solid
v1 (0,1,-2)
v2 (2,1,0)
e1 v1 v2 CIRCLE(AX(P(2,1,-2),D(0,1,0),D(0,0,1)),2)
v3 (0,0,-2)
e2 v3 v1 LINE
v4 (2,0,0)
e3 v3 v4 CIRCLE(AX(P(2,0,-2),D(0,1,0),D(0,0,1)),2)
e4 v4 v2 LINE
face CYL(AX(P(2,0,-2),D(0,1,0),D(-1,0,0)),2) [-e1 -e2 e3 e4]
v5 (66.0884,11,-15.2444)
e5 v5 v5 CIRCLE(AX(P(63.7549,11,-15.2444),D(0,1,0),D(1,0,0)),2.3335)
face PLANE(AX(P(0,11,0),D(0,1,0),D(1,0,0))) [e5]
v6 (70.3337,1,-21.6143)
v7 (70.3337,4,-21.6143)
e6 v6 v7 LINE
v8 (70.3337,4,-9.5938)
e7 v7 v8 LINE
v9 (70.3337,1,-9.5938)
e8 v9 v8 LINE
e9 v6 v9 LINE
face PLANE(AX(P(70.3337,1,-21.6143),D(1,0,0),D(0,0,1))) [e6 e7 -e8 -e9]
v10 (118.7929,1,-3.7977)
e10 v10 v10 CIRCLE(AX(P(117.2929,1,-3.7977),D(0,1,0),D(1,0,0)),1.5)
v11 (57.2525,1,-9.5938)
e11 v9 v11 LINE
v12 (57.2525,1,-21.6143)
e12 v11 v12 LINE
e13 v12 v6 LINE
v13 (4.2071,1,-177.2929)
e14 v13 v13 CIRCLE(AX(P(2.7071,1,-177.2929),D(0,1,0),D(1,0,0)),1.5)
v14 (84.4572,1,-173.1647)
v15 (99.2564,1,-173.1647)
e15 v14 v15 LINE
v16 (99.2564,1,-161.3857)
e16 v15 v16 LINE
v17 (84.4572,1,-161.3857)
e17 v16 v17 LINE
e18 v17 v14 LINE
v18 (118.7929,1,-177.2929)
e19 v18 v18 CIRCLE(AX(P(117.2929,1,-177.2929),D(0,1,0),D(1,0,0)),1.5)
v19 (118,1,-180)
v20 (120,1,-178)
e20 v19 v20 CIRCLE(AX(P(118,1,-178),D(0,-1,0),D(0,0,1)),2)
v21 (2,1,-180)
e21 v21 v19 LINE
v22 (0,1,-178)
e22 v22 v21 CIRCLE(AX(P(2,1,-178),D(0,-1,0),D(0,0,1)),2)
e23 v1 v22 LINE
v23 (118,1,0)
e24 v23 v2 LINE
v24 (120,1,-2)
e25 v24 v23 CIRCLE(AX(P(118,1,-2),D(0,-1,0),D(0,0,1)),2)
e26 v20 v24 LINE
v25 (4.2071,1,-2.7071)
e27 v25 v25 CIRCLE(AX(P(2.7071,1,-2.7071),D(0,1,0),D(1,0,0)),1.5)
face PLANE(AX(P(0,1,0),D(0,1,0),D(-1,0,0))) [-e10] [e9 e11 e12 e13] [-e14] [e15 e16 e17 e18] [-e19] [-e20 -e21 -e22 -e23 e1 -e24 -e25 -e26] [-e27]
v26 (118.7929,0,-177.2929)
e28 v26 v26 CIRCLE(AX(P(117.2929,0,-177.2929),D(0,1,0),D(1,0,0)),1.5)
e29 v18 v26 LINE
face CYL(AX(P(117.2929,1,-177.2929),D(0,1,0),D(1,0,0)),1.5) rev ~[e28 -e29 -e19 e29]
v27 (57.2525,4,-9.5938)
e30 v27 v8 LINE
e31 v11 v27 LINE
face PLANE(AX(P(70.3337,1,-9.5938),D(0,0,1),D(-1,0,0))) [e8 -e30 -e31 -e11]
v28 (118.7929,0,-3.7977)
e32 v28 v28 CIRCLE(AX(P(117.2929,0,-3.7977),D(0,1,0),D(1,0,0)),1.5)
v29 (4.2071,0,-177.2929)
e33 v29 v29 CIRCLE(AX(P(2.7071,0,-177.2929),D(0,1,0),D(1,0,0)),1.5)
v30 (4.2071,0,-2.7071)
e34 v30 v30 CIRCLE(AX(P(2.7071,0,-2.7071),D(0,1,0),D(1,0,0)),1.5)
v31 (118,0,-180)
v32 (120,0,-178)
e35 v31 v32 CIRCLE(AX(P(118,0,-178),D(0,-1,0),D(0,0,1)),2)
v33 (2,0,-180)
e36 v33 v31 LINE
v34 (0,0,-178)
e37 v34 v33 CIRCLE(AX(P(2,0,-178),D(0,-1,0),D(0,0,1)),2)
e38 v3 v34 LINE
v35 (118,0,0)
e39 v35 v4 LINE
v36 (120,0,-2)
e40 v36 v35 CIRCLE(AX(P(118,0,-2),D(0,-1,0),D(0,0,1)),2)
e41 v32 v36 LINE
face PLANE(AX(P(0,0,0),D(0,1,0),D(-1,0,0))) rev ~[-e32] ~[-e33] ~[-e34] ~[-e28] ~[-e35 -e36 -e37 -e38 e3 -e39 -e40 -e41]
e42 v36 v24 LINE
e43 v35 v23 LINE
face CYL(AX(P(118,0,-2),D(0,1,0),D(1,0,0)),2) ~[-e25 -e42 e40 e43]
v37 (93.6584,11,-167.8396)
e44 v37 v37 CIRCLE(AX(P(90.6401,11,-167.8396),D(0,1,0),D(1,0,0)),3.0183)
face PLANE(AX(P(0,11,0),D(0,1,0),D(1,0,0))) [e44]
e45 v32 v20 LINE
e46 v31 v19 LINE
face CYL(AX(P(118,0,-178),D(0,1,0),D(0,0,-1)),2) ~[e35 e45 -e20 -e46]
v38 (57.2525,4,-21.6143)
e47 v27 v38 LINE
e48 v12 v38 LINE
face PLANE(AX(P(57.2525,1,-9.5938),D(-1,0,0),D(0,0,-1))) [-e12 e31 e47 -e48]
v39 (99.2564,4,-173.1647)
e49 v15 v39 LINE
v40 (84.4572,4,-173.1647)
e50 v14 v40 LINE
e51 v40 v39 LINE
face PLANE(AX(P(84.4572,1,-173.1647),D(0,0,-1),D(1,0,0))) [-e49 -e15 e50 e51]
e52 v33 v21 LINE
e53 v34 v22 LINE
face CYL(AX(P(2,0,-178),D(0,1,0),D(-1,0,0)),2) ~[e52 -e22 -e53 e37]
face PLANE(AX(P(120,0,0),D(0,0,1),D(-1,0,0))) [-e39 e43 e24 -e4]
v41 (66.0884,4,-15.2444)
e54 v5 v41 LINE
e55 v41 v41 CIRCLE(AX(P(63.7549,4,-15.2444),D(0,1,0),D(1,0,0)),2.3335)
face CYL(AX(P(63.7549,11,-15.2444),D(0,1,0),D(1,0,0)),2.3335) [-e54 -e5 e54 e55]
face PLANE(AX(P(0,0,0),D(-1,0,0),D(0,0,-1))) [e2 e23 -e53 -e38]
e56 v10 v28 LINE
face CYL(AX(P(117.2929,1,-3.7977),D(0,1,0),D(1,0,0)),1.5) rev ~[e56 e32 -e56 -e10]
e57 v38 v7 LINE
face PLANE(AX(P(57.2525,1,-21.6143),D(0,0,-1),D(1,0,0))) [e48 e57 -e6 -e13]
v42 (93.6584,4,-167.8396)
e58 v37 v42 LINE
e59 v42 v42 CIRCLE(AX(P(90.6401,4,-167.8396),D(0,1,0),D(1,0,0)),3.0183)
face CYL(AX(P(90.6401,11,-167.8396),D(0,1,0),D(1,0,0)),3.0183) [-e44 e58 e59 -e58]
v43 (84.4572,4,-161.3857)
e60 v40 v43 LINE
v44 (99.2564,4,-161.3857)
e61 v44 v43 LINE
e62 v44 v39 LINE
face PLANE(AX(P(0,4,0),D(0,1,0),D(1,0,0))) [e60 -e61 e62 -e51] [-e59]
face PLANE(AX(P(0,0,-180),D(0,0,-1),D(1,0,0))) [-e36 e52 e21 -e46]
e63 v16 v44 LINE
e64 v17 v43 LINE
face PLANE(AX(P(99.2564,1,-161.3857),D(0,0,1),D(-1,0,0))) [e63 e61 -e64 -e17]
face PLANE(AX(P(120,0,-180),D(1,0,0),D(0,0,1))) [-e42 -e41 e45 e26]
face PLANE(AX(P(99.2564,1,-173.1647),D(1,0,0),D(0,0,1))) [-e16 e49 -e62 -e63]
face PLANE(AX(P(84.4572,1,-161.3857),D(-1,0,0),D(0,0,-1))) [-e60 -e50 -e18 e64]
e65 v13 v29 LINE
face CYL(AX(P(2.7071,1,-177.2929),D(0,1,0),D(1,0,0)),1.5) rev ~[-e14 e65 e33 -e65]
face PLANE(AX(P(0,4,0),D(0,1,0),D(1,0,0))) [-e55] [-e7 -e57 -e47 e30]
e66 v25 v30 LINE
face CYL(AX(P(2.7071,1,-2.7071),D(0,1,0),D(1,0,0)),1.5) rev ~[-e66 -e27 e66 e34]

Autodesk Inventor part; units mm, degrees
ref_plane "YZ Plane" through (0, 0, 0) normal (1, 0, 0) x (0, 1, 0)
ref_plane "XZ Plane" through (0, 0, 0) normal (0, 1, 0) x (-1, 0, 0)
ref_plane "XY Plane" through (0, 0, 0) normal (0, 0, 1) x (1, 0, 0)
sketch "Sketch1" plane through (0, 0, 0) normal (0, 1, 0) x (-1, 0, 0)
  line L0 (0, 0) -> (0, -180)
  line L1 (0, -180) -> (-120, -180)
  line L2 (-120, -180) -> (-120, 0)
  line L3 (-120, 0) -> (0, 0)
  dimension "d1" = 180
  dimension "d2" = 120
extrude "Extrusion1" add sketch "Sketch1" along normal blind 1
fillet "Fillet1" radius 2 4 edges at (0, 0.5, 0) (120, 0.5, 0) (120, 0.5, -180) (0, 0.5, -180)
sketch "Sketch2" plane through (0, 1, 0) normal (0, 1, 0) x (1, 0, 0)
  arc A0 (2, 180) -> (0, 178) centre (2, 178) ccw projected
  circle A1 centre (2.7071, 177.2929) radius 1.5
  line L0 (2, 0) -> (118, 0) projected
  line L1 (118, 180) -> (2, 180) projected
  arc A2 (120, 178) -> (118, 180) centre (118, 178) ccw projected
  circle A3 centre (117.2929, 177.2929) radius 1.5
  arc A4 (118, 0) -> (120, 2) centre (118, 2) ccw projected
  circle A5 centre (117.2929, 3.7977) radius 1.5
  arc A6 (0, 2) -> (2, 0) centre (2, 2) ccw projected
  circle A7 centre (2.7071, 2.7071) radius 1.5
  point P0 (0, 0)
  dimension "d7" = 3
  dimension "d10" = 3
  dimension "d11" = 3
extrude "Extrusion2" cut sketch "Sketch2" against normal through all
sketch "Sketch3" plane through (0, 1, 0) normal (0, 1, 0) x (1, 0, 0)
  line L0 (57.2525, 21.6143) -> (70.3337, 21.6143)
  line L1 (70.3337, 21.6143) -> (70.3337, 9.5938)
  line L2 (70.3337, 9.5938) -> (57.2525, 9.5938)
  line L3 (57.2525, 9.5938) -> (57.2525, 21.6143)
  line L4 (84.4572, 173.1647) -> (99.2564, 173.1647)
  line L5 (99.2564, 173.1647) -> (99.2564, 161.3857)
  line L6 (99.2564, 161.3857) -> (84.4572, 161.3857)
  line L7 (84.4572, 161.3857) -> (84.4572, 173.1647)
  point P0 (0, 0)
extrude "Extrusion3" add sketch "Sketch3" along normal blind 10
sketch "Sketch4" plane through (0, 11, 0) normal (0, 1, 0) x (1, 0, 0)
  circle A0 centre (63.7549, 15.2444) radius 2.3335
  circle A1 centre (90.6401, 167.8396) radius 3.0183
  line L0 (57.2525, 9.5938) -> (70.3337, 9.5938) projected
  line L1 (70.3337, 21.6143) -> (70.3337, 9.5938)
  line L2 (70.3337, 9.5938) -> (57.2525, 9.5938)
  line L3 (57.2525, 9.5938) -> (57.2525, 21.6143)
  line L4 (57.2525, 21.6143) -> (70.3337, 21.6143)
  line L5 (99.2564, 161.3857) -> (99.2564, 173.1647) projected
  line L6 (84.4572, 173.1647) -> (99.2564, 173.1647)
  line L7 (99.2564, 173.1647) -> (99.2564, 161.3857)
  line L8 (99.2564, 161.3857) -> (84.4572, 161.3857)
  line L9 (84.4572, 173.1647) -> (84.4572, 161.3857) projected
  line L10 (84.4572, 161.3857) -> (84.4572, 173.1647)
  point P0 (0, 0)
extrude "Extrusion4" cut sketch "Sketch4" against normal blind 7
equation "\"BendRadius\" = Thickness"
equation "\"BendReliefWidth\" = Thickness"
equation "\"BendReliefDepth\" = 0.5 * Thickness"
equation "\"CornerReliefSize\" = 4 * Thickness"
equation "\"MinimumRemnant\" = 2 * Thickness"
equation "\"TransitionRadius\" = BendRadius"
equation "\"JacobiRadiusSize\" = BendRadius"
equation "\"GapSize\" = Thickness"
equation "\"Thickness\" = 3.048"
properties part number "PCB" material "Aluminum 6061"
